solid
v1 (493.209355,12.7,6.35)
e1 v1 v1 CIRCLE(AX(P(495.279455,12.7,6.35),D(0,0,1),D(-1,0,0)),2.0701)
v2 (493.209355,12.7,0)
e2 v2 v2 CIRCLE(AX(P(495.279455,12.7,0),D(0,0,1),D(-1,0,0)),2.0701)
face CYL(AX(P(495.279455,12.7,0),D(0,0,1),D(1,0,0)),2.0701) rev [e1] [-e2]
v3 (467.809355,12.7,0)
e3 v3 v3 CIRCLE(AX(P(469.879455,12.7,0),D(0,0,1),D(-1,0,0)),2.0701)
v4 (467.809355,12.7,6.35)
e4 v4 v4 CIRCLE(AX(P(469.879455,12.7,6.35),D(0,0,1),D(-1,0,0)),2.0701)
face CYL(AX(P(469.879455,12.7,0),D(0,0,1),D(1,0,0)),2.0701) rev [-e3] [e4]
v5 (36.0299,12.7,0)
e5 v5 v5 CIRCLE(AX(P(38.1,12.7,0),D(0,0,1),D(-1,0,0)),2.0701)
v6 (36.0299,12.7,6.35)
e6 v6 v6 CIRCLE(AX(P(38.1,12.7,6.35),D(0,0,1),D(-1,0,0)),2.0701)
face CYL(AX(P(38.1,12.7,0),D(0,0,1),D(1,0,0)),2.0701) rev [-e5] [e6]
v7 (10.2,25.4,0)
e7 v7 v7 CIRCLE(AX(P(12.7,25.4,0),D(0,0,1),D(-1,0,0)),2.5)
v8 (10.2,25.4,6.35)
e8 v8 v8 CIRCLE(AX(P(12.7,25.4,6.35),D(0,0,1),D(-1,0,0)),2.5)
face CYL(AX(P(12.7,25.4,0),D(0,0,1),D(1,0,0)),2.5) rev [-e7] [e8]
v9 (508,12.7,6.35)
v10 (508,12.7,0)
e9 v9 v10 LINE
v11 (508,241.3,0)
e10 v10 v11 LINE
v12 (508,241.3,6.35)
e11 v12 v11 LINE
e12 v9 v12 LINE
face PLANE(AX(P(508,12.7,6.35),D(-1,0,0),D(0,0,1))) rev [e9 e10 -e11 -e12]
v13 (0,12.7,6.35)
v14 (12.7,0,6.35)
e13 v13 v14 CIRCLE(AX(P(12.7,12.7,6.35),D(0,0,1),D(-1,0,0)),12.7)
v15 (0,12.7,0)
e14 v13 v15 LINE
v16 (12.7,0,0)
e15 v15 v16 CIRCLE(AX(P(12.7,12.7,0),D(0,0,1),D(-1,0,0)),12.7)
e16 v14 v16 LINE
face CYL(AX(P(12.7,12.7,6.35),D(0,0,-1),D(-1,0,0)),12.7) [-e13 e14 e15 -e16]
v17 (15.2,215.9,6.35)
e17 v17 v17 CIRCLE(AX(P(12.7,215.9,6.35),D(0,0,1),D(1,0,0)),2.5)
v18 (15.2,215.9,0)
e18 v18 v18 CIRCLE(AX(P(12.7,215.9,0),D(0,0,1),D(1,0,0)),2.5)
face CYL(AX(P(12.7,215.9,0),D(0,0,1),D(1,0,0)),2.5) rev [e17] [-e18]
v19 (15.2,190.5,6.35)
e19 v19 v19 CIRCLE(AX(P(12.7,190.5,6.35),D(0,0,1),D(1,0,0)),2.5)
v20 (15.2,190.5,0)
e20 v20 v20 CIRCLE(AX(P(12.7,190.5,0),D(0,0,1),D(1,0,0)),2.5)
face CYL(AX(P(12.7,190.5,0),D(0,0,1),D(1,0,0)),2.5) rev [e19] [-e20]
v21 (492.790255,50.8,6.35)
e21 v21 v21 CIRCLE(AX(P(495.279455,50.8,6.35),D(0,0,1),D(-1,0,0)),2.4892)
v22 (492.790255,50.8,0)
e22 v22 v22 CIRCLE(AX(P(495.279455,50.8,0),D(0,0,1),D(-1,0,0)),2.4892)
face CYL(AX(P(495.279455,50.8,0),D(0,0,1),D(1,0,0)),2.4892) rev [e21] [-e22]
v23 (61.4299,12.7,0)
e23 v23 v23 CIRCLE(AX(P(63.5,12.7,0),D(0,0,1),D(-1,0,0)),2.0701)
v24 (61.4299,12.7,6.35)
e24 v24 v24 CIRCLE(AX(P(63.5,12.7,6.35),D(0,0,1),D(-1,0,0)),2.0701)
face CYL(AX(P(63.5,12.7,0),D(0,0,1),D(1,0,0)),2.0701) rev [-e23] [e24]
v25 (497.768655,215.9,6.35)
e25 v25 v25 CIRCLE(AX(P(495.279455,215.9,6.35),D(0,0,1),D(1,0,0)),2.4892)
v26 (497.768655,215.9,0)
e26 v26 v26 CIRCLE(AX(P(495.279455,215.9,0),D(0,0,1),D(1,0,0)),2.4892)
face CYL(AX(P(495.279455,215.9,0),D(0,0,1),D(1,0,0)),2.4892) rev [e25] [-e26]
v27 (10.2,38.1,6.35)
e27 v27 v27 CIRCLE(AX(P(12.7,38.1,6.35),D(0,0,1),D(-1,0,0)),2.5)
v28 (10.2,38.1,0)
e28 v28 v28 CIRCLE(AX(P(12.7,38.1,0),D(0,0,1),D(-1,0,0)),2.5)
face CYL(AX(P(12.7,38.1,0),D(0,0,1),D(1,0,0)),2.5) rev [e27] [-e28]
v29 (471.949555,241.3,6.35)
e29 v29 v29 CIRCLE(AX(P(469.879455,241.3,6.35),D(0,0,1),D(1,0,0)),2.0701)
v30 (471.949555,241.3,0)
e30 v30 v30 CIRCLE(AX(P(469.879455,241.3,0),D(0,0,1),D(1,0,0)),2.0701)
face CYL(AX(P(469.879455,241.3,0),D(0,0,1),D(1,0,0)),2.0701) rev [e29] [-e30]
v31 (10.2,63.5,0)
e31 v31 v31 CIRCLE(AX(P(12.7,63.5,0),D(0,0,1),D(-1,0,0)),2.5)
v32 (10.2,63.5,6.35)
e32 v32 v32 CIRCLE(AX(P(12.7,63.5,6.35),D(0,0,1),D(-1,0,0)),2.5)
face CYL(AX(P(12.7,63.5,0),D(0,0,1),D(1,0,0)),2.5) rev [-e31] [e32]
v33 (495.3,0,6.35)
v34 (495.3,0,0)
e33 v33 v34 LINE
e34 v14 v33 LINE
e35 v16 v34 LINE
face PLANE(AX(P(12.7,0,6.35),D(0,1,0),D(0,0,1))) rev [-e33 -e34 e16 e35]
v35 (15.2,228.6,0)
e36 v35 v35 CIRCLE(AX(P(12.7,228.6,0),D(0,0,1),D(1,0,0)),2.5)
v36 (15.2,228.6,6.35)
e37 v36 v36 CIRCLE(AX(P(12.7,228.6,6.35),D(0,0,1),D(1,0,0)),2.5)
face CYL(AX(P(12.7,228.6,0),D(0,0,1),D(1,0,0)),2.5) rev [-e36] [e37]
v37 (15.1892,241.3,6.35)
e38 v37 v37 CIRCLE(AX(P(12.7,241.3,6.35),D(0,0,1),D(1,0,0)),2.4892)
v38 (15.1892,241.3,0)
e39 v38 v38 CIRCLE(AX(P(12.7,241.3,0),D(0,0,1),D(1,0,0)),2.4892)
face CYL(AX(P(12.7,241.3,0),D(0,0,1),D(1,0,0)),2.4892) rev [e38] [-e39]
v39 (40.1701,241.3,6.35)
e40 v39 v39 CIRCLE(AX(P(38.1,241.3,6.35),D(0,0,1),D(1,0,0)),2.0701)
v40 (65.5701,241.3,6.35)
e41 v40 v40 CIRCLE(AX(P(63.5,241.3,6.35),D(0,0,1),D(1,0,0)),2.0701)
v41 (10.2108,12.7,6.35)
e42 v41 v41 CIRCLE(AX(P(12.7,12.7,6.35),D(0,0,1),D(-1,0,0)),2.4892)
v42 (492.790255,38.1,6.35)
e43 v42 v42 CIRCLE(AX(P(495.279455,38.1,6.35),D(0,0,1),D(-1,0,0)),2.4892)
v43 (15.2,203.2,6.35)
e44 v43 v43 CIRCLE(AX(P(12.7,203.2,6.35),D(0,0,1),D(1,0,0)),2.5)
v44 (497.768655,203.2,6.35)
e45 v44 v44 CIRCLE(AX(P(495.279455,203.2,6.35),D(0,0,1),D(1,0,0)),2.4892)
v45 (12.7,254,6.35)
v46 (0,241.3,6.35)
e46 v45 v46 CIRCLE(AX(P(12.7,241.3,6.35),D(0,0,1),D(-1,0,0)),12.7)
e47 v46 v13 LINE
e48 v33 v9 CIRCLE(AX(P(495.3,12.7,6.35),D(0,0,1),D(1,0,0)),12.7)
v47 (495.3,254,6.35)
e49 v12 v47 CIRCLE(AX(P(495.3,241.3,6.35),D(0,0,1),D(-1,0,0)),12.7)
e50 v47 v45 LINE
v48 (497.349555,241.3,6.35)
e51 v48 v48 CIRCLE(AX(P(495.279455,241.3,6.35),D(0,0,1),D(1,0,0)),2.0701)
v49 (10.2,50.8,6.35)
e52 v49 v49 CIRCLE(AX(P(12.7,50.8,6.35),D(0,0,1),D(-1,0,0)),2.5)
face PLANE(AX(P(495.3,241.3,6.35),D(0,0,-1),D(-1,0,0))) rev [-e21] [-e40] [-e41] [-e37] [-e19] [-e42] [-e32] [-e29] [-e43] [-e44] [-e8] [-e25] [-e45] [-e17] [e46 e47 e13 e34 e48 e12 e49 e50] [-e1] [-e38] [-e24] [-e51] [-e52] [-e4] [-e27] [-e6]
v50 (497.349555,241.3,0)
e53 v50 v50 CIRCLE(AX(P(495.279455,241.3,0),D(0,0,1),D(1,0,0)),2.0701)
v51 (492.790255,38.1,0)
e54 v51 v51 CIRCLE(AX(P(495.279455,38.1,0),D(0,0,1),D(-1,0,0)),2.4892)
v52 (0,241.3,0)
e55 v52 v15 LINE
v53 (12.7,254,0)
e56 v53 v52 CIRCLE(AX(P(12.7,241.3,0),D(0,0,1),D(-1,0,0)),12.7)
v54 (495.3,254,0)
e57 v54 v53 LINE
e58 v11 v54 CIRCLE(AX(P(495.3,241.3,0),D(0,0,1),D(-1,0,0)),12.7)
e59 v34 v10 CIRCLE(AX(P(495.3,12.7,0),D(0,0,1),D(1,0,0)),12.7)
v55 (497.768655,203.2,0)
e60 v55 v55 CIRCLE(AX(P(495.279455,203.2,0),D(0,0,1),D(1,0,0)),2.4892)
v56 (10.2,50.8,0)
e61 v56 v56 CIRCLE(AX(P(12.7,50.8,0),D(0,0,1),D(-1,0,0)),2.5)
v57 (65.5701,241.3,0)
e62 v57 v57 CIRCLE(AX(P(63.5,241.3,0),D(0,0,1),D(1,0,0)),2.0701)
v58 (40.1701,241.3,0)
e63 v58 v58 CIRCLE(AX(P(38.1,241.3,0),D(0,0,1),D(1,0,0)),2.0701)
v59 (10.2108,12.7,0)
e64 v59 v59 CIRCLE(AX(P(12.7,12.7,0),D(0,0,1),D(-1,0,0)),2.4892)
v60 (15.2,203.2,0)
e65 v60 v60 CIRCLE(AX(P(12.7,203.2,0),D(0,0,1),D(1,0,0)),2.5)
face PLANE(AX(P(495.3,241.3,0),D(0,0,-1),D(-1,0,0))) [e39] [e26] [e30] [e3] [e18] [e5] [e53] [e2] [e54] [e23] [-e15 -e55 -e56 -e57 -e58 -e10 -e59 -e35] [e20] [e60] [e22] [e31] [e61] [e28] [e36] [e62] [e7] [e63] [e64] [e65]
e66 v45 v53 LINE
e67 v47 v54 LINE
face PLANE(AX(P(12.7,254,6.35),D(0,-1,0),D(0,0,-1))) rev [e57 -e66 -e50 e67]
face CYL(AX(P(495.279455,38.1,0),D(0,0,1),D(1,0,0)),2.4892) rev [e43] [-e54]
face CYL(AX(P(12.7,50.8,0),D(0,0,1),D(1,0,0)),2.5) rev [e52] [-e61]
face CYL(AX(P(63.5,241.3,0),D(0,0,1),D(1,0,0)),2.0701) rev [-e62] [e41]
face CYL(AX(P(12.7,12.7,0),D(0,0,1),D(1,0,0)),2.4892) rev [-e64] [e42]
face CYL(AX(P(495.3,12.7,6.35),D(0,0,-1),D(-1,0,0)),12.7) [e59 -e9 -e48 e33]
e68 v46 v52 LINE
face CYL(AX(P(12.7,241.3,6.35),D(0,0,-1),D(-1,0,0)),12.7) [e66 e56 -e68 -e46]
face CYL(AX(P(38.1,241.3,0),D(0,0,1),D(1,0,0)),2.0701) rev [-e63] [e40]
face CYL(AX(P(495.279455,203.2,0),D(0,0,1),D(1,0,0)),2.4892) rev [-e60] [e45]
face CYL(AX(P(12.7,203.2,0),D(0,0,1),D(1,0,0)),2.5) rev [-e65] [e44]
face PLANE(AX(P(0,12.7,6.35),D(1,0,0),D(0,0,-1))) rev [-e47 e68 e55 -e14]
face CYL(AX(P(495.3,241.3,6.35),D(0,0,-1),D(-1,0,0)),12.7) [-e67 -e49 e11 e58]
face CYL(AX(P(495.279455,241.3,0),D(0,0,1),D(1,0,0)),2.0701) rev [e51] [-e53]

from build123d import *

# Parameters (mm, degrees)
BOSS_EXTRUDE1_DEPTH = 6.35
SKETCH2_R           = 2.5
SKETCH2_R_2         = 2.4892
SKETCH2_R_3         = 2.0701
CUT_EXTRUDE1_DEPTH  = 568.996762755
SKETCH3_R           = 2.0701
SKETCH3_R_2         = 2.4892
CUT_EXTRUDE2_DEPTH  = 568.996762755


with BuildPart() as part:
    # Sketch1 → Boss-Extrude1 (new body)
    with BuildSketch(Plane.XY):
        with BuildLine():
            Line((12.7, 0), (495.3, 0))
            ThreePointArc((495.3, 0), (504.280256121, 3.719743879), (508, 12.7))
            Line((508, 12.7), (508, 241.3))
            ThreePointArc((508, 241.3), (504.280256121, 250.280256121), (495.3, 254))
            Line((495.3, 254), (12.7, 254))
            ThreePointArc((12.7, 254), (3.719743879, 250.280256121), (0, 241.3))
            Line((0, 241.3), (0, 12.7))
            ThreePointArc((0, 12.7), (3.719743879, 3.719743879), (12.7, 0))
        make_face()
    extrude(amount=BOSS_EXTRUDE1_DEPTH)

    # Sketch2 → Cut-Extrude1 (cut, through all)
    with BuildSketch(Plane.XY.offset(6.35)):
        with Locations((12.7, 190.5)):
            Circle(SKETCH2_R)
        with Locations((12.7, 203.2)):
            Circle(SKETCH2_R)
        with Locations((12.7, 215.9)):
            Circle(SKETCH2_R)
        with Locations((12.7, 228.6)):
            Circle(SKETCH2_R)
        with Locations((12.7, 241.3)):
            Circle(SKETCH2_R_2)
        with Locations((38.1, 241.3)):
            Circle(SKETCH2_R_3)
        with Locations((63.5, 241.3)):
            Circle(SKETCH2_R_3)
        with Locations(Location((63.5, 12.7, 0), (0, 0, 180))):
            Circle(SKETCH2_R_3)
        with Locations(Location((38.1, 12.7, 0), (0, 0, 180))):
            Circle(SKETCH2_R_3)
        with Locations(Location((12.7, 63.5, 0), (0, 0, 180))):
            Circle(SKETCH2_R)
        with Locations(Location((12.7, 50.8, 0), (0, 0, 180))):
            Circle(SKETCH2_R)
        with Locations(Location((12.7, 38.1, 0), (0, 0, 180))):
            Circle(SKETCH2_R)
        with Locations(Location((12.7, 25.4, 0), (0, 0, 180))):
            Circle(SKETCH2_R)
        with Locations(Location((12.7, 12.7, 0), (0, 0, 180))):
            Circle(SKETCH2_R_2)
    extrude(amount=-CUT_EXTRUDE1_DEPTH, mode=Mode.SUBTRACT)

    # Sketch3 → Cut-Extrude2 (cut, through all)
    with BuildSketch(Plane.XY.offset(6.35)):
        with Locations((469.879454624, 241.3)):
            Circle(SKETCH3_R)
        with Locations((495.279454624, 241.3)):
            Circle(SKETCH3_R)
        with Locations((495.279454624, 215.9)):
            Circle(SKETCH3_R_2)
        with Locations((495.279454624, 203.2)):
            Circle(SKETCH3_R_2)
        with Locations(Location((469.879454624, 12.7, 0), (0, 0, 180))):
            Circle(SKETCH3_R)
        with Locations(Location((495.279454624, 12.7, 0), (0, 0, 180))):
            Circle(SKETCH3_R)
        with Locations(Location((495.279454624, 38.1, 0), (0, 0, 180))):
            Circle(SKETCH3_R_2)
        with Locations(Location((495.279454624, 50.8, 0), (0, 0, 180))):
            Circle(SKETCH3_R_2)
    extrude(amount=-CUT_EXTRUDE2_DEPTH, mode=Mode.SUBTRACT)


solid = part.part
